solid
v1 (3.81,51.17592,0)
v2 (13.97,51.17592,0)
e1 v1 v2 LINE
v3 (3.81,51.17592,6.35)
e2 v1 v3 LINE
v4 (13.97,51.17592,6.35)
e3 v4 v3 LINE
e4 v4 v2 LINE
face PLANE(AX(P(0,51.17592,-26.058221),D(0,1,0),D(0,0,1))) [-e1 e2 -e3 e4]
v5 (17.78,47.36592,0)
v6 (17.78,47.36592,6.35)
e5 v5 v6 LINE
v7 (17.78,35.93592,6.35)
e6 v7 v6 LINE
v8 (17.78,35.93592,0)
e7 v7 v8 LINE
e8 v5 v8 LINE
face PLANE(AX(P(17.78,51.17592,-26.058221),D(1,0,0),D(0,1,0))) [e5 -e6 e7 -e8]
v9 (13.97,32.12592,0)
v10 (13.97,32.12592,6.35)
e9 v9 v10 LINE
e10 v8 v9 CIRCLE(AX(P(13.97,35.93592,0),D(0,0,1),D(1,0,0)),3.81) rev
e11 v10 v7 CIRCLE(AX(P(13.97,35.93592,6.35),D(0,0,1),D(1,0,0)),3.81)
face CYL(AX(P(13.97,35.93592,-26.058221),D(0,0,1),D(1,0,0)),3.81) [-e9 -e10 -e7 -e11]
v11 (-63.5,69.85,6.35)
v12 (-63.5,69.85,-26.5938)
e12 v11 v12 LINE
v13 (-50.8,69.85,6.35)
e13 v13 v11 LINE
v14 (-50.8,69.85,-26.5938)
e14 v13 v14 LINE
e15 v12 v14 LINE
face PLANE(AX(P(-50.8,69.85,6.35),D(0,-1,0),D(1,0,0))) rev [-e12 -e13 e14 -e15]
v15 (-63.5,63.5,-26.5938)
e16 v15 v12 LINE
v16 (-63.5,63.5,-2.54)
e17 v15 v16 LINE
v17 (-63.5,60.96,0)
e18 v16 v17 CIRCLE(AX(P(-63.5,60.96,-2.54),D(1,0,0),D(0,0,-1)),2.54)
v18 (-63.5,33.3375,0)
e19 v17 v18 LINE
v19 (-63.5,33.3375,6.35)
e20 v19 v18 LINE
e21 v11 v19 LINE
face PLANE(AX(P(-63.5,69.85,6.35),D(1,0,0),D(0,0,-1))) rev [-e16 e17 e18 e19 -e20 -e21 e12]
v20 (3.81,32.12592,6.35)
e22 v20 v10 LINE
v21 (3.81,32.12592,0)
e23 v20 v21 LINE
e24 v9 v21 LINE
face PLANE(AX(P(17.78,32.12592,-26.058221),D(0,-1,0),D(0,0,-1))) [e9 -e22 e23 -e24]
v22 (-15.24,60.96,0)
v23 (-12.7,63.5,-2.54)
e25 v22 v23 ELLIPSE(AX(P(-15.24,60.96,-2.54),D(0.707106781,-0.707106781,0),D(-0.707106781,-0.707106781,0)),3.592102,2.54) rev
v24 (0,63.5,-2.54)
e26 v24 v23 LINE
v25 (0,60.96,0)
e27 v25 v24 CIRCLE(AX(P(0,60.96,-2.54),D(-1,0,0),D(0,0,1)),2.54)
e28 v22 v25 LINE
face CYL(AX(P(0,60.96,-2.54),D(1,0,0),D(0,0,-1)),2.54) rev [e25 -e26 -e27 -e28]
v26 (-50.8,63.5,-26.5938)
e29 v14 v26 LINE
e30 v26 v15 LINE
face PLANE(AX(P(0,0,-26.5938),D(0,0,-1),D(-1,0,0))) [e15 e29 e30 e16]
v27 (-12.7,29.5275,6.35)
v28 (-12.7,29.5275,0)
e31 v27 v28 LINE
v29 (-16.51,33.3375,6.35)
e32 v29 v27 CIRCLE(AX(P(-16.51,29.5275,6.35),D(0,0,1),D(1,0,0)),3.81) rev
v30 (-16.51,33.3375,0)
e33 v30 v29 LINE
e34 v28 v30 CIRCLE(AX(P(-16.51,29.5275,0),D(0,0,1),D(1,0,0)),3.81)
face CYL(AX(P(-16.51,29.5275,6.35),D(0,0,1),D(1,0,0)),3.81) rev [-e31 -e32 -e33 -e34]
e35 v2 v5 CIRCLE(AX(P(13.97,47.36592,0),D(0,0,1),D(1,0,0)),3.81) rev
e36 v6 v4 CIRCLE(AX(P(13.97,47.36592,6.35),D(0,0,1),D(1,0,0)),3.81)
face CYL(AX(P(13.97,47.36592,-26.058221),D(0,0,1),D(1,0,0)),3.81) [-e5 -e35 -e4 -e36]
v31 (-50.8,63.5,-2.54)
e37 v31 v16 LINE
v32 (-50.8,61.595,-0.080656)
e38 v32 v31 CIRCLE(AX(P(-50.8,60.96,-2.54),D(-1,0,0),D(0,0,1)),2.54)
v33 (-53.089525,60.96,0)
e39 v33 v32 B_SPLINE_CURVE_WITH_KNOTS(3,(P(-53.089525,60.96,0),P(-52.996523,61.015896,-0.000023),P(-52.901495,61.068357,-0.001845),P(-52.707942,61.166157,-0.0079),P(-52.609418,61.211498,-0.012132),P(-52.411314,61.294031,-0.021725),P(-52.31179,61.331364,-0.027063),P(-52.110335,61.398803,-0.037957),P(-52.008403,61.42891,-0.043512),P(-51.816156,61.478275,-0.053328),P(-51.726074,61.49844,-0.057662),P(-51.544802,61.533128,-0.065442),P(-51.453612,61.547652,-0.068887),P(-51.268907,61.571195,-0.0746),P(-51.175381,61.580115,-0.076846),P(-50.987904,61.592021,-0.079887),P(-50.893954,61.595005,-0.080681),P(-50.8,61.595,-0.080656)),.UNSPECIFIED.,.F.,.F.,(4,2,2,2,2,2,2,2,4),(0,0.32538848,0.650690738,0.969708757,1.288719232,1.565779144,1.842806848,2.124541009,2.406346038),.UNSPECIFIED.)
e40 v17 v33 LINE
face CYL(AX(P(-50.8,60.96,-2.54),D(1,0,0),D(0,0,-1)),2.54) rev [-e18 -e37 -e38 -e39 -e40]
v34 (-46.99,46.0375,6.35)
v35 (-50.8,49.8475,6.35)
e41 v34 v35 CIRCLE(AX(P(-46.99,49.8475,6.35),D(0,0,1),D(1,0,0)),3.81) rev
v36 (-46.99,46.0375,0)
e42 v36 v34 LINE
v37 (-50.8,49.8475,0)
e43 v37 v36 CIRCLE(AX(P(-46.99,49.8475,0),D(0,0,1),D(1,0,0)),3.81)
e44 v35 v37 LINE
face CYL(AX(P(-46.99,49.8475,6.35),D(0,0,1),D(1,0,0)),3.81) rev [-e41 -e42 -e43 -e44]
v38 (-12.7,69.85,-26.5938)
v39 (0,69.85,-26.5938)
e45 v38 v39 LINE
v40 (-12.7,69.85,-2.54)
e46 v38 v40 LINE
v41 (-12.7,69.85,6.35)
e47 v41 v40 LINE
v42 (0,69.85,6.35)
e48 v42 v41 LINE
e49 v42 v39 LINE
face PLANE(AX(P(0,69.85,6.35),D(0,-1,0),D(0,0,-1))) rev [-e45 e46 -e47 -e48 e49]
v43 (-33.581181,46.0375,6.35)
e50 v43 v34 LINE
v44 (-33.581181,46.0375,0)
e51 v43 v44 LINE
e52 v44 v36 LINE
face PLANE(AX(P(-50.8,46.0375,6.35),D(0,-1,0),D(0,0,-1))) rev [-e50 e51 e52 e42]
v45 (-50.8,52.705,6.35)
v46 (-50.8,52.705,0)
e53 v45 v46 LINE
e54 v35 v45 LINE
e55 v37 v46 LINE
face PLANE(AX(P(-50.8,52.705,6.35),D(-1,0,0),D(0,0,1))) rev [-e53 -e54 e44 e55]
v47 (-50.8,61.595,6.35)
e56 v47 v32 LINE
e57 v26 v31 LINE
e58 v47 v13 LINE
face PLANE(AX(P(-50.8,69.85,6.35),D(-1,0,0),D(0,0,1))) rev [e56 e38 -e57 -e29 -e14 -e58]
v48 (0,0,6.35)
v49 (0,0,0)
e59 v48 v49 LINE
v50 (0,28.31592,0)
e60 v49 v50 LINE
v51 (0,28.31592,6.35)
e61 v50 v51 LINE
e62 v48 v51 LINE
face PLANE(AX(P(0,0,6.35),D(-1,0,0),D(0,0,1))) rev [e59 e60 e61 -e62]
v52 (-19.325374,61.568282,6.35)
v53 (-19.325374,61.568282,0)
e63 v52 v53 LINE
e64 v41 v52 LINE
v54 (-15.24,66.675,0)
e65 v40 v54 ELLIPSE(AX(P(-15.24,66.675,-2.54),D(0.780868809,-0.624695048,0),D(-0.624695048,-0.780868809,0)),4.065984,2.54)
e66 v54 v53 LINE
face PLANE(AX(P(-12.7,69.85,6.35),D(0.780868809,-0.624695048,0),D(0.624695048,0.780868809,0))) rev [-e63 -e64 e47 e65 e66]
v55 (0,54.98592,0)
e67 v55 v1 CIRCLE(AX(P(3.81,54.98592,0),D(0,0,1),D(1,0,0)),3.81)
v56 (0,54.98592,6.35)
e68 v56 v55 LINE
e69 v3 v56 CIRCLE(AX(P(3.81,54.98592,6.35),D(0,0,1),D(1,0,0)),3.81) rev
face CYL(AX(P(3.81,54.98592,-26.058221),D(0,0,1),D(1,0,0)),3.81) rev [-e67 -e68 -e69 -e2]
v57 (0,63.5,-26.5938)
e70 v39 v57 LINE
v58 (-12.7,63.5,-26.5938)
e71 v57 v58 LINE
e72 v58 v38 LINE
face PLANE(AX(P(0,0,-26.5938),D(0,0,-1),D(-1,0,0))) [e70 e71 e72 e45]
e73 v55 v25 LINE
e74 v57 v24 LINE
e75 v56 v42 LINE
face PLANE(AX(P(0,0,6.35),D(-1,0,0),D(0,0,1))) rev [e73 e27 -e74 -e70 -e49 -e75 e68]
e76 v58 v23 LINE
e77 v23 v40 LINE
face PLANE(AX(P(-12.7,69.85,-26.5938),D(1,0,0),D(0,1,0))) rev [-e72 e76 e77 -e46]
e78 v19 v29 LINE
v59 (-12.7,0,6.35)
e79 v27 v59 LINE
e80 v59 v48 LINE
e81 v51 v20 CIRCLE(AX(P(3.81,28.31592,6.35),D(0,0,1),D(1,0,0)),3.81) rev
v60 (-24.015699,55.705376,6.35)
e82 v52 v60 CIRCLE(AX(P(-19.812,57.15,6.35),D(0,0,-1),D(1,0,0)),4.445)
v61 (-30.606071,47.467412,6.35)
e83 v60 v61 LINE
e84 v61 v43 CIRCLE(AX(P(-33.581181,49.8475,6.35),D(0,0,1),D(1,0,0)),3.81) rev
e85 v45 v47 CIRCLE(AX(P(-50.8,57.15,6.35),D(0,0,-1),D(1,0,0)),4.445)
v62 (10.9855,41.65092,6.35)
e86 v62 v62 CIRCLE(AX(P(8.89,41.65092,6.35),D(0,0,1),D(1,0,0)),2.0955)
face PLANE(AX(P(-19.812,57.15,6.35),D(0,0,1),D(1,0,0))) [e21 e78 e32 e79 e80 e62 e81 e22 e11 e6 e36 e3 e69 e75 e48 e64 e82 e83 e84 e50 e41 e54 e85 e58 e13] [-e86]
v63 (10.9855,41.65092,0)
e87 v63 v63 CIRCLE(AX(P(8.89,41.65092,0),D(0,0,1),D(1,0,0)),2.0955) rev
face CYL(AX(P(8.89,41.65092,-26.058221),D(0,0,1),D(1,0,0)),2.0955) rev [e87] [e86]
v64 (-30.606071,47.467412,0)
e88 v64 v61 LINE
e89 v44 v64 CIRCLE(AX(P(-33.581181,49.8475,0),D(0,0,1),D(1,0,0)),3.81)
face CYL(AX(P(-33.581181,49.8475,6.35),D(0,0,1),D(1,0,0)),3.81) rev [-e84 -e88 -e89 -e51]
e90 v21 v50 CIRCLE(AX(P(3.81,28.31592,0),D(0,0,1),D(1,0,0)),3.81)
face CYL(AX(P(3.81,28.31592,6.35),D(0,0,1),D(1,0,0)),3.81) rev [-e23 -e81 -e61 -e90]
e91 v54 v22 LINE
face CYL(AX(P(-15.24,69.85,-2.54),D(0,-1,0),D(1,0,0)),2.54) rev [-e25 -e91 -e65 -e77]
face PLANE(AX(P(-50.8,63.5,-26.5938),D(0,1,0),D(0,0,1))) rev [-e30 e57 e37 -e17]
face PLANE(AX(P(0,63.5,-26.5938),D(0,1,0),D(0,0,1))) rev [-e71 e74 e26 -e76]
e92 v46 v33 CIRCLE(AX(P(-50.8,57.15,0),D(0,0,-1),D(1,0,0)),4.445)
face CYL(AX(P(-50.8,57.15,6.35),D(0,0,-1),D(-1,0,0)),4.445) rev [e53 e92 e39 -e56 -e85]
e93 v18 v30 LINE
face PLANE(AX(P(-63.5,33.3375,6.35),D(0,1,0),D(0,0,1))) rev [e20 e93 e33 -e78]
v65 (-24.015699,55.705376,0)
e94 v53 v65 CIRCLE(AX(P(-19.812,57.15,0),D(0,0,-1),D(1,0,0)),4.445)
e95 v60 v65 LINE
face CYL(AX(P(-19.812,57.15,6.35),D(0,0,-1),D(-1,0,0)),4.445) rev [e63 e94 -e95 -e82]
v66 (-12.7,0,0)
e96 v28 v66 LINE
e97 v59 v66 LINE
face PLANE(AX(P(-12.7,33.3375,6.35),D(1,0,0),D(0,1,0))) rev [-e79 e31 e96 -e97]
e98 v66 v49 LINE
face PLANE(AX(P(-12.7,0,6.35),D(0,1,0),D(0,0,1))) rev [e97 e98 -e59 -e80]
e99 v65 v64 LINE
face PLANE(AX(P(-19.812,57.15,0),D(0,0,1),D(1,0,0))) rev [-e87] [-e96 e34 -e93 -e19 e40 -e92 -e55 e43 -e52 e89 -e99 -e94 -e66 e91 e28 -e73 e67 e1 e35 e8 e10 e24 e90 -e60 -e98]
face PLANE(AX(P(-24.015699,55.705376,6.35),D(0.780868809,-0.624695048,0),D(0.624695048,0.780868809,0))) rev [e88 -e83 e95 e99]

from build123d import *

# Parameters (mm, degrees)
BOSS_EXTRUDE1_DEPTH = 6.35
SKETCH2_W           = 12.7
SKETCH2_H           = 6.35
BOSS_EXTRUDE3_DEPTH = 32.9438
FILLET1_R           = 2.54
SKETCH3_W           = 17.78
SKETCH3_H           = 19.05
SKETCH3_R           = 2.0955
BOSS_EXTRUDE4_DEPTH = 6.35
FILLET2_R           = 3.81


with BuildPart() as part:
    # Sketch1 → Boss-Extrude1 (new body)
    with BuildSketch(Plane.XY):
        with BuildLine():
            Line((0, 0), (0, 69.85))
            Line((0, 69.85), (-12.7, 69.85))
            Line((-12.7, 69.85), (-19.325374009, 61.568282488))
            ThreePointArc((-19.325374009, 61.568282488), (-16.341038142, 54.373230514), (-24.015699161, 55.705376048))
            Line((-24.015699161, 55.705376048), (-31.75, 46.0375))
            Line((-31.75, 46.0375), (-50.8, 46.0375))
            Line((-50.8, 46.0375), (-50.8, 52.705))
            ThreePointArc((-50.8, 52.705), (-55.245, 57.15), (-50.8, 61.595))
            Line((-50.8, 61.595), (-50.8, 69.85))
            Line((-50.8, 69.85), (-63.5, 69.85))
            Line((-63.5, 69.85), (-63.5, 33.3375))
            Line((-63.5, 33.3375), (-12.7, 33.3375))
            Line((-12.7, 33.3375), (-12.7, 0))
            Line((-12.7, 0), (0, 0))
        make_face()
    extrude(amount=BOSS_EXTRUDE1_DEPTH)

    # Sketch2 → Boss-Extrude3 (add)
    with BuildSketch(Plane(origin=(0, 0, 6.35), x_dir=(-1, 0, 0), z_dir=(0, 0, -1))):
        with Locations((6.35, 66.675)):
            Rectangle(SKETCH2_W, SKETCH2_H)
        with Locations((57.15, 66.675)):
            Rectangle(SKETCH2_W, SKETCH2_H)
    extrude(amount=BOSS_EXTRUDE3_DEPTH)

    # Fillet1
    fillet1_edges = [part.edges().sort_by_distance(p)[0] for p in [
        (-57.15, 63.5, 0),
        (-6.35, 63.5, 0),
        (-12.7, 66.675, 0),
    ]]
    fillet(fillet1_edges, radius=FILLET1_R)

    # Sketch3 → Boss-Extrude4 (add)
    with BuildSketch(Plane.XY.offset(6.35)):
        with Locations((8.89, 41.65092)):
            Rectangle(SKETCH3_W, SKETCH3_H)
        with Locations((8.89, 41.65092)):
            Circle(SKETCH3_R, mode=Mode.SUBTRACT)
    extrude(amount=-BOSS_EXTRUDE4_DEPTH)

    # Fillet2
    fillet2_edges = [part.edges().sort_by_distance(p)[0] for p in [
        (17.78, 32.12592, 3.175),
        (17.78, 51.17592, 3.175),
        (0, 51.17592, 3.175),
        (0, 32.12592, 3.175),
        (-12.7, 33.3375, 3.175),
        (-50.8, 46.0375, 3.175),
        (-31.75, 46.0375, 3.175),
    ]]
    fillet(fillet2_edges, radius=FILLET2_R)


solid = part.part
